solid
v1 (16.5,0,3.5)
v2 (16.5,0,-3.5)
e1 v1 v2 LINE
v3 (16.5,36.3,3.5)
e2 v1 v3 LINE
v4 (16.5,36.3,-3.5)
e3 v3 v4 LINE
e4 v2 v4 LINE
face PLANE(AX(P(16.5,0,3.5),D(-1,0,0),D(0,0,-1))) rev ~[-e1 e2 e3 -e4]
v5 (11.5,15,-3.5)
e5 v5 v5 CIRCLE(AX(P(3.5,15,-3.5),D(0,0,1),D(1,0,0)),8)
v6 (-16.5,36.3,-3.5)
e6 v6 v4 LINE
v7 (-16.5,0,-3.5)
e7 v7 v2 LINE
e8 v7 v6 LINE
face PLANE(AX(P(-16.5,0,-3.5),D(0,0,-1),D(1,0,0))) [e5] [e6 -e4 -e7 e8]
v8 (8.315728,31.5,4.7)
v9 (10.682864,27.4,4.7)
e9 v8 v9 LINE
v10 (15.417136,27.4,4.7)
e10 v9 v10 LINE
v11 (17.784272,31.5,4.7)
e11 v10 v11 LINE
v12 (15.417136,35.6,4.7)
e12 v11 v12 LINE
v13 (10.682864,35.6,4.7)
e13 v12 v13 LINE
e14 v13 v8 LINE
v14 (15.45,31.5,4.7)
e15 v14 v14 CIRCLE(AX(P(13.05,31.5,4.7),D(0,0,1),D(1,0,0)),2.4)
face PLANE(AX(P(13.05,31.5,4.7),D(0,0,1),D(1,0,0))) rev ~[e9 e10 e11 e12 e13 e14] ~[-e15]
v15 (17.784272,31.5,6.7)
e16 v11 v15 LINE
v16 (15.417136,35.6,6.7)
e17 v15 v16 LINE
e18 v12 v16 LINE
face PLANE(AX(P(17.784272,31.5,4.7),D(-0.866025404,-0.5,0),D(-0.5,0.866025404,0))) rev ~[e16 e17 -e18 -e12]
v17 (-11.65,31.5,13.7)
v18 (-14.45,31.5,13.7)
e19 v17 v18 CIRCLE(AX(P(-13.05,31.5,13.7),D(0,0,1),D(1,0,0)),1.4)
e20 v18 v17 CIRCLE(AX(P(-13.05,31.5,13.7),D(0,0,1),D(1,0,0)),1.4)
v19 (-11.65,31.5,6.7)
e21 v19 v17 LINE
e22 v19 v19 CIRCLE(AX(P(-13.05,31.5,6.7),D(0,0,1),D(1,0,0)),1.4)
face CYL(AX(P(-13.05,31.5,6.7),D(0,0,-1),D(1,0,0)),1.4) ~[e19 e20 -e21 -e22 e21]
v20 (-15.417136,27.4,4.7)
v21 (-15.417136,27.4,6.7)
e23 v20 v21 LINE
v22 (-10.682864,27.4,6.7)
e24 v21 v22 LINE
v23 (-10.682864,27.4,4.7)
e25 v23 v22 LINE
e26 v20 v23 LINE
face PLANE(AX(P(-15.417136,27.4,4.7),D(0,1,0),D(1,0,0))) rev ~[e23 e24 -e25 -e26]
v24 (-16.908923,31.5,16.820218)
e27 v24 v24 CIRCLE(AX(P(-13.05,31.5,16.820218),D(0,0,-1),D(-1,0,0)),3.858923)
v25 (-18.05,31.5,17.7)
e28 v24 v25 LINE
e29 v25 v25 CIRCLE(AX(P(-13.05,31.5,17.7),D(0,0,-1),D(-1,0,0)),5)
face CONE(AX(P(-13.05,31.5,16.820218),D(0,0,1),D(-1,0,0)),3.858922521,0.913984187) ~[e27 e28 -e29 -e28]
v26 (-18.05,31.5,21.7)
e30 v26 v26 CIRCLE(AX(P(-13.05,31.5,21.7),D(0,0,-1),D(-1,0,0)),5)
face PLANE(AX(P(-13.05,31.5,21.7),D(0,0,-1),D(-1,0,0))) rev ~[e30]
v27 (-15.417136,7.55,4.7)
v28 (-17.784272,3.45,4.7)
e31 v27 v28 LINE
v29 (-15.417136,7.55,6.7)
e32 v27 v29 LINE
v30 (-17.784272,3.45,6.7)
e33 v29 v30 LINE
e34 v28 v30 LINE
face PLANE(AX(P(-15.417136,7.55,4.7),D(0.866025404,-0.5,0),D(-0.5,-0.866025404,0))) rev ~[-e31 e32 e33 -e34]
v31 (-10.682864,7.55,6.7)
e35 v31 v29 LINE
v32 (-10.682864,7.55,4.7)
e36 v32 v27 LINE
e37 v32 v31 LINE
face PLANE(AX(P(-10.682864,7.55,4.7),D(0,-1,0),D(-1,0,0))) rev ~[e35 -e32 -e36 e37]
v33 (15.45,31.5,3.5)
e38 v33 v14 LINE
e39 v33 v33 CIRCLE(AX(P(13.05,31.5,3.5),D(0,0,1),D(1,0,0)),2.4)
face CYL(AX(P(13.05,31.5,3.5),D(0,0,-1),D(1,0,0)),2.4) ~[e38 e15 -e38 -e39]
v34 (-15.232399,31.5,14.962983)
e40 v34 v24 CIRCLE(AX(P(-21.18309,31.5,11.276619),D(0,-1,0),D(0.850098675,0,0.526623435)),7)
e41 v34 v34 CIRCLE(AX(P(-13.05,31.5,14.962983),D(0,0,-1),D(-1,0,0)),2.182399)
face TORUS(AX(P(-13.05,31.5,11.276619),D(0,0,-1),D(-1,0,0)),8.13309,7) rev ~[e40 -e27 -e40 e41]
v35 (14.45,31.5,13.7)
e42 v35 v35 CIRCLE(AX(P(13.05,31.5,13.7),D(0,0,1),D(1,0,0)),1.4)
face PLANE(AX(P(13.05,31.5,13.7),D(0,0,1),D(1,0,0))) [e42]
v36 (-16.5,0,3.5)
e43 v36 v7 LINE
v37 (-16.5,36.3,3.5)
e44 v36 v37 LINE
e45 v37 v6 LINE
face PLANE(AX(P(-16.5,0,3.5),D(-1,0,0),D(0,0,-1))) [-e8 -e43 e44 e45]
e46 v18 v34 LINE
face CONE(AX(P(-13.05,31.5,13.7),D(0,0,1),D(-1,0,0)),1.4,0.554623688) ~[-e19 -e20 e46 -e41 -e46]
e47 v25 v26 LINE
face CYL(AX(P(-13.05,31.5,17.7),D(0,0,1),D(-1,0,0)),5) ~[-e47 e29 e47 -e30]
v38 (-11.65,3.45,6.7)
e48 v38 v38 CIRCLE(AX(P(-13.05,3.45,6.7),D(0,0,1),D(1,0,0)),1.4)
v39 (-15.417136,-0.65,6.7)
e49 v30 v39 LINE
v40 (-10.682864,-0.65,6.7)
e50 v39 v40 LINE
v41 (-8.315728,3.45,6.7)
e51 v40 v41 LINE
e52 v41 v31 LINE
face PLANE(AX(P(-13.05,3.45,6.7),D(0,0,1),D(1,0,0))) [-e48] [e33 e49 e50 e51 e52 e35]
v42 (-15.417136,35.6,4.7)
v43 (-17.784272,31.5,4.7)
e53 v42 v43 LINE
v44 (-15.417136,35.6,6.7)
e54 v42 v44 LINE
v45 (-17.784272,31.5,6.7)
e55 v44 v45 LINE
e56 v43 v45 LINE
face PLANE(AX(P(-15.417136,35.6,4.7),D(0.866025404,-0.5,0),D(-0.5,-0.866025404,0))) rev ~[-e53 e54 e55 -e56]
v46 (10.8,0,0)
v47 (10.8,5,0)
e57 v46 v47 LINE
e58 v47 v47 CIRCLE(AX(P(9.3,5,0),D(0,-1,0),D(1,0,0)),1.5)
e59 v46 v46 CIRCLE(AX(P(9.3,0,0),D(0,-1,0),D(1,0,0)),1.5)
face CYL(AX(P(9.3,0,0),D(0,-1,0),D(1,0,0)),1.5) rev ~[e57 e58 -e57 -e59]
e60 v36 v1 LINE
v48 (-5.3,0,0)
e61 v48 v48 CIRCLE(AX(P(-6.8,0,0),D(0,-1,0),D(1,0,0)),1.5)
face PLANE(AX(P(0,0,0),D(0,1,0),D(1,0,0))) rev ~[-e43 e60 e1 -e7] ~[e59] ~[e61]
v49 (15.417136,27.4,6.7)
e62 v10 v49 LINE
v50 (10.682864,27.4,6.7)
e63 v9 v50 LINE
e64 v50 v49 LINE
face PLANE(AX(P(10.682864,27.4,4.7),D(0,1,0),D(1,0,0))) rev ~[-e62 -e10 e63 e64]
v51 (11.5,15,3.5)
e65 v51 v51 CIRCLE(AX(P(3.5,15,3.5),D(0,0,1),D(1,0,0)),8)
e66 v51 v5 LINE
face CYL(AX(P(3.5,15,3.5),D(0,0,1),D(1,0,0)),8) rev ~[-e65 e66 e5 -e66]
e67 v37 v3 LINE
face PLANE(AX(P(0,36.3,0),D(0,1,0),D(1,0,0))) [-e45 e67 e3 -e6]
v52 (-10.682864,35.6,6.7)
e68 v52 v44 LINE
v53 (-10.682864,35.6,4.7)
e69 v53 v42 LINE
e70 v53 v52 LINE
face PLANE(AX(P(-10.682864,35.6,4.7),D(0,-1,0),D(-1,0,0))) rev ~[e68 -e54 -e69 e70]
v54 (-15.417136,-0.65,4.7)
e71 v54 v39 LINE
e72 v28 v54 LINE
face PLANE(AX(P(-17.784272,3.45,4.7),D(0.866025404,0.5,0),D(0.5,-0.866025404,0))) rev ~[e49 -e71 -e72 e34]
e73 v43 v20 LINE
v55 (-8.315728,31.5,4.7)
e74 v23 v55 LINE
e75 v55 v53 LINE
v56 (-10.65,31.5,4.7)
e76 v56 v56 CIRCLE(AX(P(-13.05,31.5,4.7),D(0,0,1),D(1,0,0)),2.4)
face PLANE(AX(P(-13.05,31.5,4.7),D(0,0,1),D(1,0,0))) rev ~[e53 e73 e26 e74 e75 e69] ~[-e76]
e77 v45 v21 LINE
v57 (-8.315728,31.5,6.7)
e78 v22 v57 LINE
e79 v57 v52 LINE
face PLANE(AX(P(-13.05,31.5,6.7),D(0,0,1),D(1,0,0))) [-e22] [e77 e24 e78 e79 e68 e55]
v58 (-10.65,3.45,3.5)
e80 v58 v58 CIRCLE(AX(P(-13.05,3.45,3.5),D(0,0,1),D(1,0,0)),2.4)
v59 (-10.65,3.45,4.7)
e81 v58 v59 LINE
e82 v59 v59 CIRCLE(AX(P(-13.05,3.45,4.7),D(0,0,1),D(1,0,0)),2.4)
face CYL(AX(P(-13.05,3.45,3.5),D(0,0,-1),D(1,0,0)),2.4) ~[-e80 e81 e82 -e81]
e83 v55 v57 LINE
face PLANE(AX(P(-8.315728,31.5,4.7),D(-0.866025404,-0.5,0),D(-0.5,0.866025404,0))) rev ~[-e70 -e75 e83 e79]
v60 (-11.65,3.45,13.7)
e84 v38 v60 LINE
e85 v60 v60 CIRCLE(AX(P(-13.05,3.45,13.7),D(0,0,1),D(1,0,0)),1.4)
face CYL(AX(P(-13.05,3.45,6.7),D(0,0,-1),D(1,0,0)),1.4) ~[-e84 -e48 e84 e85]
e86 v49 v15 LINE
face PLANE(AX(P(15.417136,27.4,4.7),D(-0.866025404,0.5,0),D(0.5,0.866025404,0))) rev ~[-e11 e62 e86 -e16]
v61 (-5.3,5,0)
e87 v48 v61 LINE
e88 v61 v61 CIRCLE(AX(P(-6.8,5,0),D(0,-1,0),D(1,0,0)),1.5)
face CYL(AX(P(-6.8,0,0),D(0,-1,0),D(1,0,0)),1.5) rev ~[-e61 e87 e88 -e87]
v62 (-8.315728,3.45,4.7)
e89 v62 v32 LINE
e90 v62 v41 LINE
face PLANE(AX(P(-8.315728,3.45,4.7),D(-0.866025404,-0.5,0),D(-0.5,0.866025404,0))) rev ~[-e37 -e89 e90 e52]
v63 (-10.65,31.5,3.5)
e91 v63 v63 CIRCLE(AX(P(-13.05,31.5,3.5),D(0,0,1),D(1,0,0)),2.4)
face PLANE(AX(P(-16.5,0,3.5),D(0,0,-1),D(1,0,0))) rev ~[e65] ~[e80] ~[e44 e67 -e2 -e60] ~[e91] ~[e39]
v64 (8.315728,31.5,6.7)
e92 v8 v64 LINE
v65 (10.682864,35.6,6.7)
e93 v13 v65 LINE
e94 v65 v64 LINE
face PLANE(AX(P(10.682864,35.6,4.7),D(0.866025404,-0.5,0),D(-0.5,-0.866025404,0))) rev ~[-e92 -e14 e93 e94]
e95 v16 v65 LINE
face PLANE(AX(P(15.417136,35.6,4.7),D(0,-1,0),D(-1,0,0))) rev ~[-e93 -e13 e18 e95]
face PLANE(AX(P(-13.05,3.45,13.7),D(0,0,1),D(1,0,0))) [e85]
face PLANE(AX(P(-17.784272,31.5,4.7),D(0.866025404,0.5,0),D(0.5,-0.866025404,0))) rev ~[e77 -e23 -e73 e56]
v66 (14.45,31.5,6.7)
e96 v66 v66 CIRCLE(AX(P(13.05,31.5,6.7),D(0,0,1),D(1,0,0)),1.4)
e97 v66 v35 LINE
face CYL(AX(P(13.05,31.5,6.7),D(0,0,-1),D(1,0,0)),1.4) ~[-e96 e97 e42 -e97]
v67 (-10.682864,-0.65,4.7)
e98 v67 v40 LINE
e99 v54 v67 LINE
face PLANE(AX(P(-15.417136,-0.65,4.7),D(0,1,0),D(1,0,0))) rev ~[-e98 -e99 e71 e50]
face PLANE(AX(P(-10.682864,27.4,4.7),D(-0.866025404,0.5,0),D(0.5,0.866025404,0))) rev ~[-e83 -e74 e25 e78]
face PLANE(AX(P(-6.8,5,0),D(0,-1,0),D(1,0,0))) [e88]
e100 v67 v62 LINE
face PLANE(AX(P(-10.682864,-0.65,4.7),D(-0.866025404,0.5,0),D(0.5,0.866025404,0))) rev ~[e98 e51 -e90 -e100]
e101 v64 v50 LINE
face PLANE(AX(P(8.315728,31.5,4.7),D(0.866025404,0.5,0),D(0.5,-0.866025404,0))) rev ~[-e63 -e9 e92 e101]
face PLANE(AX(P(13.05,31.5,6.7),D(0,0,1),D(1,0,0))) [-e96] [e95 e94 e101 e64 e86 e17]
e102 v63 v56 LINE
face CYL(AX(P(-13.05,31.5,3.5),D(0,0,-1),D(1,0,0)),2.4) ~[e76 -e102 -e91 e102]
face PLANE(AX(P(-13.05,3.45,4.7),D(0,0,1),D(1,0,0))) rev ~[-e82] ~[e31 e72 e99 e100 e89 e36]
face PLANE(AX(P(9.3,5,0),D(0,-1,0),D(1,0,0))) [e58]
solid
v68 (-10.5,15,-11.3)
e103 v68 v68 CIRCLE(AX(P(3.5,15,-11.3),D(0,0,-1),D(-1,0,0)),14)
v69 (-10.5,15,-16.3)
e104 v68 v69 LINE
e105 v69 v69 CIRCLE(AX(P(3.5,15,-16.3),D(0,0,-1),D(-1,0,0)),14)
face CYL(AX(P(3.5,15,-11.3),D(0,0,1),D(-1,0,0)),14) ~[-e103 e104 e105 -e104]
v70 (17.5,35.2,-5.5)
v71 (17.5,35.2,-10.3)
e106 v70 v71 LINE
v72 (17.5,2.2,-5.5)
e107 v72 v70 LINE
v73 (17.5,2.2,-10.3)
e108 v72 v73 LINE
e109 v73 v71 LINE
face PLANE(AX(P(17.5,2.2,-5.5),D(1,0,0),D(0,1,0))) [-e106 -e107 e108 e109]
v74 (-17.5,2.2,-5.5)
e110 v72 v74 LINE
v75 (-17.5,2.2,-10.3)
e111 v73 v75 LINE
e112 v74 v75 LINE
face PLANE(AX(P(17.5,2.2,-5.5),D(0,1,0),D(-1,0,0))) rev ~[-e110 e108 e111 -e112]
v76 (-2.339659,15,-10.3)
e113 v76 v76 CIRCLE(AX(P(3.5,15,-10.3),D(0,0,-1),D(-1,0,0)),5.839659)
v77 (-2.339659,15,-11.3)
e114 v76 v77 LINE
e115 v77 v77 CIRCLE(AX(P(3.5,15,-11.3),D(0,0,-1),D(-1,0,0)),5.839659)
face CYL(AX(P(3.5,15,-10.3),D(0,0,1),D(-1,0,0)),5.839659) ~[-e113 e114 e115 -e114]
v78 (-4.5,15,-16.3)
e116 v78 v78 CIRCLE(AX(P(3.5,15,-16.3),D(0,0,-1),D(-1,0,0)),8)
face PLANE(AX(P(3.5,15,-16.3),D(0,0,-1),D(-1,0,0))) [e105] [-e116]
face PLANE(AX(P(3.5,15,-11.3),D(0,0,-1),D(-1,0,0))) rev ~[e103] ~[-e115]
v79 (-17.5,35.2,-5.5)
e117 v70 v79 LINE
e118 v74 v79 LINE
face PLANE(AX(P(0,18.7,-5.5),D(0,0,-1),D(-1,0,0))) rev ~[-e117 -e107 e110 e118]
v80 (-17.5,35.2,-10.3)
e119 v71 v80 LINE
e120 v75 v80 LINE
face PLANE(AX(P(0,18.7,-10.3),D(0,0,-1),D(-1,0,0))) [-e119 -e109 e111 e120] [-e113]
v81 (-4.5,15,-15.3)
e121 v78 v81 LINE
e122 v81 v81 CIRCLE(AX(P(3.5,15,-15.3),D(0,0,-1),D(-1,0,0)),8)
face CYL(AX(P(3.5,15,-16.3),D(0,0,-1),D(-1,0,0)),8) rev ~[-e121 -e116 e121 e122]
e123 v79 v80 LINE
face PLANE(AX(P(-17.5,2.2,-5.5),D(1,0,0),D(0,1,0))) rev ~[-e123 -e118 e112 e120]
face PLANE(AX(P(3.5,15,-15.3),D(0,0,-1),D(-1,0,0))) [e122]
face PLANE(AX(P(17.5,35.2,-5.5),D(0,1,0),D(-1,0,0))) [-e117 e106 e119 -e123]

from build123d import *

# Parameters (mm, degrees)
CROQUIS1_W              = 33
CROQUIS1_H              = 7
SALIENTE_EXTRUIR1_DEPTH = 36.3
CROQUIS2_R              = 1.5
CORTAR_EXTRUIR1_DEPTH   = 5
CROQUIS3_R              = 8
CORTAR_EXTRUIR2_DEPTH   = 8
CROQUIS4_R              = 2.4
SALIENTE_EXTRUIR2_DEPTH = 1.2
SALIENTE_EXTRUIR3_DEPTH = 2
CROQUIS6_R              = 1.4
SALIENTE_EXTRUIR4_DEPTH = 7
CROQUIS9_W              = 35
CROQUIS9_H              = 33
SALIENTE_EXTRUIR5_DEPTH = 4.8
CROQUIS10_R             = 5.839659477
SALIENTE_EXTRUIR6_DEPTH = 1
CROQUIS11_R             = 14
SALIENTE_EXTRUIR7_DEPTH = 5
CROQUIS12_R             = 8
CORTAR_EXTRUIR3_DEPTH   = 1


with BuildPart() as part:
    # Croquis1 → Saliente-Extruir1 (new body)
    with BuildSketch(Plane(origin=(0, 0, 0), x_dir=(1, 0, 0), z_dir=(0, 1, 0))):
        Rectangle(CROQUIS1_W, CROQUIS1_H)
    extrude(amount=SALIENTE_EXTRUIR1_DEPTH)

    # Croquis2 → Cortar-Extruir1 (cut)
    with BuildSketch(Plane.XZ):
        with Locations((-6.8, 0)):
            Circle(CROQUIS2_R)
        with Locations((9.3, 0)):
            Circle(CROQUIS2_R)
    extrude(amount=-CORTAR_EXTRUIR1_DEPTH, mode=Mode.SUBTRACT)

    # Croquis3 → Cortar-Extruir2 (cut, through all)
    with BuildSketch(Plane.XY.offset(3.5)):
        with Locations((3.5, 15)):
            Circle(CROQUIS3_R)
    extrude(amount=-CORTAR_EXTRUIR2_DEPTH, mode=Mode.SUBTRACT)

    # Croquis4 → Saliente-Extruir2 (add)
    with BuildSketch(Plane.XY.offset(3.5)):
        with Locations((-13.05, 31.5)):
            Circle(CROQUIS4_R)
        with Locations((13.05, 31.5)):
            Circle(CROQUIS4_R)
        with Locations((-13.05, 3.45)):
            Circle(CROQUIS4_R)
    extrude(amount=SALIENTE_EXTRUIR2_DEPTH)

    # Croquis5 → Saliente-Extruir3 (add)
    with BuildSketch(Plane.XY.offset(4.7)):
        Polygon((-17.784272207, 31.5), (-15.417136104, 27.4), (-10.682863896, 27.4), (-8.315727793, 31.5), (-10.682863896, 35.6), (-15.417136104, 35.6), align=None)
        Polygon((17.784272207, 31.5), (15.417136104, 35.6), (10.682863896, 35.6), (8.315727793, 31.5), (10.682863896, 27.4), (15.417136104, 27.4), align=None)
        Polygon((-8.315727793, 3.45), (-10.682863896, 7.55), (-15.417136104, 7.55), (-17.784272207, 3.45), (-15.417136104, -0.65), (-10.682863896, -0.65), align=None)
    extrude(amount=SALIENTE_EXTRUIR3_DEPTH)

    # Croquis6 → Saliente-Extruir4 (add)
    with BuildSketch(Plane.XY.offset(6.7)):
        with Locations((-13.05, 31.5)):
            Circle(CROQUIS6_R)
        with Locations((13.05, 31.5)):
            Circle(CROQUIS6_R)
        with Locations((-13.05, 3.45)):
            Circle(CROQUIS6_R)
    extrude(amount=SALIENTE_EXTRUIR4_DEPTH)

    # Croquis8 → Revolución1 (revolve)
    with BuildSketch(Plane.XZ.offset(-31.5)):
        with BuildLine():
            Line((-14.45, 13.7), (-15.232399286, 14.962983287))
            ThreePointArc((-15.232399286, 14.962983287), (-15.987008603, 15.967113671), (-16.908922521, 16.820218458))
            Line((-16.908922521, 16.820218458), (-18.05, 17.7))
            Line((-18.05, 17.7), (-18.05, 21.7))
            Line((-18.05, 21.7), (-13.05, 21.7))
            Line((-13.05, 21.7), (-13.05, 13.7))
            Line((-13.05, 13.7), (-14.45, 13.7))
        make_face()
    revolve(axis=Axis((-13.05, 31.5, 21.7), (0, 0, -1)))


with BuildPart() as body_2:
    # Croquis9 → Saliente-Extruir5 (new body)
    with BuildSketch(Plane(origin=(0, 0, -5.5), x_dir=(-1, 0, 0), z_dir=(0, 0, -1))):
        with Locations((0, 18.7)):
            Rectangle(CROQUIS9_W, CROQUIS9_H)
    extrude(amount=SALIENTE_EXTRUIR5_DEPTH)

    # Croquis10 → Saliente-Extruir6 (add)
    with BuildSketch(Plane(origin=(0, 0, -10.3), x_dir=(-1, 0, 0), z_dir=(0, 0, -1))):
        with Locations((-3.5, 15)):
            Circle(CROQUIS10_R)
    extrude(amount=SALIENTE_EXTRUIR6_DEPTH)

    # Croquis11 → Saliente-Extruir7 (add)
    with BuildSketch(Plane(origin=(0, 0, -11.3), x_dir=(-1, 0, 0), z_dir=(0, 0, -1))):
        with Locations((-3.5, 15)):
            Circle(CROQUIS11_R)
    extrude(amount=SALIENTE_EXTRUIR7_DEPTH)

    # Croquis12 → Cortar-Extruir3 (cut)
    with BuildSketch(Plane(origin=(0, 0, -16.3), x_dir=(-1, 0, 0), z_dir=(0, 0, -1))):
        with Locations((-3.5, 15)):
            Circle(CROQUIS12_R)
    extrude(amount=-CORTAR_EXTRUIR3_DEPTH, mode=Mode.SUBTRACT)


solid = Compound([part.part, body_2.part])
